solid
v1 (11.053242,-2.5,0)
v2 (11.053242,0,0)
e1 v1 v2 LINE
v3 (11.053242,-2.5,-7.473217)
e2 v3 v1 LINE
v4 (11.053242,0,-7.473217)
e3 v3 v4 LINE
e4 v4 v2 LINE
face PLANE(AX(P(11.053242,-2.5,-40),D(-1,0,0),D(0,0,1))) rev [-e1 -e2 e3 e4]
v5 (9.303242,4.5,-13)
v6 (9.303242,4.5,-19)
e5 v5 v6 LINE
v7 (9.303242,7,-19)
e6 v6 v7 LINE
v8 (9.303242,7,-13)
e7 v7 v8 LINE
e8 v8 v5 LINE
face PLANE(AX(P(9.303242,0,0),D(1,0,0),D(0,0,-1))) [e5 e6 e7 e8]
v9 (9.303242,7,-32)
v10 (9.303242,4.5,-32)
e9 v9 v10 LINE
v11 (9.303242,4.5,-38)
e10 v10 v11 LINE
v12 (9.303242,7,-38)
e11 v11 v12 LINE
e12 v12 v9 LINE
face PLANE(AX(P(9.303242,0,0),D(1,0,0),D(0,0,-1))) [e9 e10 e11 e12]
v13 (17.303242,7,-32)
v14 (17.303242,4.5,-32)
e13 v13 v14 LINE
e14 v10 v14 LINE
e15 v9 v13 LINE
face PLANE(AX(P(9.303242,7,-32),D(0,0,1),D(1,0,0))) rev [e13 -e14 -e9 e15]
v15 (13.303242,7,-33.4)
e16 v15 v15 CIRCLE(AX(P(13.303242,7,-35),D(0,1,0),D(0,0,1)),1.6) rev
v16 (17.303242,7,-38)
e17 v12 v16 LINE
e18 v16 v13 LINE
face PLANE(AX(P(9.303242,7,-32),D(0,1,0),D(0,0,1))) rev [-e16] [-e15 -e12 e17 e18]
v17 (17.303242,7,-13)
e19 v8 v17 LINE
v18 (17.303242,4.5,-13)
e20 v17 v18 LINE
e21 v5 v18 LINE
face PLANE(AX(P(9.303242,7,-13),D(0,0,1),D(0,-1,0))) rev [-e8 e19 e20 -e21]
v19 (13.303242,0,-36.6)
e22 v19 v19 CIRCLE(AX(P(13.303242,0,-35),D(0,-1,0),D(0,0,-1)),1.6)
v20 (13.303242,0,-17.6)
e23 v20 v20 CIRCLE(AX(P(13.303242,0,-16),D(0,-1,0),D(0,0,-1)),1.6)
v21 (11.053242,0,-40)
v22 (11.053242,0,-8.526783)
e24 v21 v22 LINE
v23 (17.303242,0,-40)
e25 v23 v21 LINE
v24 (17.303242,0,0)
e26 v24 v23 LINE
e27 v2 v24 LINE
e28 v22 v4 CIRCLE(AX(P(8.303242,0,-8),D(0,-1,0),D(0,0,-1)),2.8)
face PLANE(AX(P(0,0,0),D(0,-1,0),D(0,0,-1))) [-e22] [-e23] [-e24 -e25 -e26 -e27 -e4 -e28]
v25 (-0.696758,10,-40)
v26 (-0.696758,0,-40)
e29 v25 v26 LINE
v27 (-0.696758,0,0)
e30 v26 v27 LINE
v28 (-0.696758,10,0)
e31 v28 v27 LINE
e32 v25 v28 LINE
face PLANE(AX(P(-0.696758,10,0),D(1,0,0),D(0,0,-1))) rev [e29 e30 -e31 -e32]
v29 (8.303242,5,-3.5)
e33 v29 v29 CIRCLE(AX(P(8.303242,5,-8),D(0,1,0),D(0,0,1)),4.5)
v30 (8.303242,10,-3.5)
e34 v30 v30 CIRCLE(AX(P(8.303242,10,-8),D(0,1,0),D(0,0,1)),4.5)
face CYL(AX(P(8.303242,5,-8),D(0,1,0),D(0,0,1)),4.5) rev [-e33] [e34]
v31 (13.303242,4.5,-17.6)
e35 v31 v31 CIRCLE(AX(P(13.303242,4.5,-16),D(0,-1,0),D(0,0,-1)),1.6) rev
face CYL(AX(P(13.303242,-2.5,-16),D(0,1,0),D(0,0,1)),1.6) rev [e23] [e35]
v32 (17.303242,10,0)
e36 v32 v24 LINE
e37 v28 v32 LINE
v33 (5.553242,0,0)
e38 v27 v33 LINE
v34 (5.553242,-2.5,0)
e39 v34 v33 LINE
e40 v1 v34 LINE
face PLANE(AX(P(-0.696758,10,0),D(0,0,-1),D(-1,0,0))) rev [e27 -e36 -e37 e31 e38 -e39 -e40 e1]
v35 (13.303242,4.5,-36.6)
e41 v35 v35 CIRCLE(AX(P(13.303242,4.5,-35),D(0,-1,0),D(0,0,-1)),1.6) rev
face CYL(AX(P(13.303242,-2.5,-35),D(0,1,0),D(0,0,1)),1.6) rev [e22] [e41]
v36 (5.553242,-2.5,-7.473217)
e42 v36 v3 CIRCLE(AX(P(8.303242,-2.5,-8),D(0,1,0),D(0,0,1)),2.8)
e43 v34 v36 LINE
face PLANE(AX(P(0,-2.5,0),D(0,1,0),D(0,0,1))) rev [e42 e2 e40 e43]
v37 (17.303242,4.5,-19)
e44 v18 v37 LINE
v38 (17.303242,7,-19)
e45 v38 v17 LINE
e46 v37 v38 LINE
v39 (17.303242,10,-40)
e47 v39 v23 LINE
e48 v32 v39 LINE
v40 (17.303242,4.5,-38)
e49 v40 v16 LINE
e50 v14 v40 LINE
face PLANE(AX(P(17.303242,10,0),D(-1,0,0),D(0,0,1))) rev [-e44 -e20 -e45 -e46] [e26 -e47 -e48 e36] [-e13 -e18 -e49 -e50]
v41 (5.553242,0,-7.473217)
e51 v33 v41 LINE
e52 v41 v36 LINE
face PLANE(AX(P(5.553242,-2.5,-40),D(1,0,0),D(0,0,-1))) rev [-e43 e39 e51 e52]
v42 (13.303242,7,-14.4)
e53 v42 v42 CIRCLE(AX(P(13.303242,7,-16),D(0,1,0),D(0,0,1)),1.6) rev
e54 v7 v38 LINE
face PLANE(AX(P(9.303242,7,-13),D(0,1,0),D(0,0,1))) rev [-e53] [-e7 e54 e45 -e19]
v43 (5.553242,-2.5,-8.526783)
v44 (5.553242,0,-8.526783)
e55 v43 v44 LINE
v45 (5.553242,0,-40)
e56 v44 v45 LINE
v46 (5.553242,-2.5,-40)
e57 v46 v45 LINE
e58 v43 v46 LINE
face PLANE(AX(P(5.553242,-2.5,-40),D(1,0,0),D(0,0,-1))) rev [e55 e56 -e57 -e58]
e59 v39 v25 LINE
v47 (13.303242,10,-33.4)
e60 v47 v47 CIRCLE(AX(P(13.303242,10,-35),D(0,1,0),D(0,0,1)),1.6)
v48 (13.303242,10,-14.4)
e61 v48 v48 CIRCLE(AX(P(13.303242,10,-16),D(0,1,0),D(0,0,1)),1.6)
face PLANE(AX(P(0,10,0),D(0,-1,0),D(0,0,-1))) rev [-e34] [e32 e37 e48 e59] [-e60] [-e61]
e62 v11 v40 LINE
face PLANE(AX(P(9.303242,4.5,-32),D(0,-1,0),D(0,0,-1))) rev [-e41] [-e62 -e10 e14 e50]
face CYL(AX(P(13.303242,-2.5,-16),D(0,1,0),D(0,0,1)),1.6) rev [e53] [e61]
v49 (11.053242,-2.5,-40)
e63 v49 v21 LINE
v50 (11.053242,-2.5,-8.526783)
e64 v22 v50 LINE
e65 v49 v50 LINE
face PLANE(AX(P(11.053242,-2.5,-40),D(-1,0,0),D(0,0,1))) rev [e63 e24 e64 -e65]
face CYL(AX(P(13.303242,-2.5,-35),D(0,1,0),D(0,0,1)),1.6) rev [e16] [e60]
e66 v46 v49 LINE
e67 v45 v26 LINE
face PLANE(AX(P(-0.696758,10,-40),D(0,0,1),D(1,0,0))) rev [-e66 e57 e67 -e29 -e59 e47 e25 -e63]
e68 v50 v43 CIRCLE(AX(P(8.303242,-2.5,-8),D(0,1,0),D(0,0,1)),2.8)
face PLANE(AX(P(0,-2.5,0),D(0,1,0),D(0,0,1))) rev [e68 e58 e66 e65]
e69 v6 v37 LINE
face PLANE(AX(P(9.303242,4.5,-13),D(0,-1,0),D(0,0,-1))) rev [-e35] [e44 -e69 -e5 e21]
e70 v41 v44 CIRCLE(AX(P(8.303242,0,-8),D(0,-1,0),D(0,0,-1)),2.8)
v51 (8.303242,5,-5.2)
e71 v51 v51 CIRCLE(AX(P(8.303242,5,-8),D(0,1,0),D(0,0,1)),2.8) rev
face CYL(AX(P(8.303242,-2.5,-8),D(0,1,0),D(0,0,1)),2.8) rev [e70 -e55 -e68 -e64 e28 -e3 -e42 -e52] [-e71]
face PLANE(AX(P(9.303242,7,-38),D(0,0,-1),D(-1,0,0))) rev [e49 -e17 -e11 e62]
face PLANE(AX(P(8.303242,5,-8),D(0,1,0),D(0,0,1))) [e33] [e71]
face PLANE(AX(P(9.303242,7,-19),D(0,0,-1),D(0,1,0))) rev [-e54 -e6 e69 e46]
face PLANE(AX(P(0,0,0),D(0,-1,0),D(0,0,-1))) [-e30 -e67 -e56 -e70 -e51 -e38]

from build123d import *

# Parameters (mm, degrees)
SKETCH1_W           = 18
SKETCH1_H           = 40
BOSS_EXTRUDE1_DEPTH = 10
SKETCH3_W           = 5.5
SKETCH3_H           = 40
BOSS_EXTRUDE5_DEPTH = 2.5
SKETCH2_R           = 2.8
CUT_EXTRUDE1_DEPTH  = 13.5
SKETCH4_R           = 4.5
CUT_EXTRUDE2_DEPTH  = 5
SKETCH5_R           = 1.6
CUT_EXTRUDE3_DEPTH  = 13.5
SKETCH6_W           = 6
SKETCH6_H           = 2.5
CUT_EXTRUDE4_DEPTH  = 8


with BuildPart() as part:
    # Sketch1 → Boss-Extrude1 (new body)
    with BuildSketch(Plane(origin=(0, 0, 0), x_dir=(1, 0, 0), z_dir=(0, 1, 0))):
        with Locations((8.30324178, 20)):
            Rectangle(SKETCH1_W, SKETCH1_H)
    extrude(amount=BOSS_EXTRUDE1_DEPTH)

    # Sketch3 → Boss-Extrude5 (add)
    with BuildSketch(Plane.XZ):
        with Locations((8.30324178, -20)):
            Rectangle(SKETCH3_W, SKETCH3_H)
    extrude(amount=BOSS_EXTRUDE5_DEPTH)

    # Sketch2 → Cut-Extrude1 (cut, through all)
    with BuildSketch(Plane(origin=(0, 10, 0), x_dir=(1, 0, 0), z_dir=(0, 1, 0))):
        with Locations((8.30324178, 8)):
            Circle(SKETCH2_R)
    extrude(amount=-CUT_EXTRUDE1_DEPTH, mode=Mode.SUBTRACT)

    # Sketch4 → Cut-Extrude2 (cut)
    with BuildSketch(Plane(origin=(0, 10, 0), x_dir=(1, 0, 0), z_dir=(0, 1, 0))):
        with Locations((8.30324178, 8)):
            Circle(SKETCH4_R)
    extrude(amount=-CUT_EXTRUDE2_DEPTH, mode=Mode.SUBTRACT)

    # Sketch5 → Cut-Extrude3 (cut, through all)
    with BuildSketch(Plane(origin=(0, 10, 0), x_dir=(1, 0, 0), z_dir=(0, 1, 0))):
        with Locations((13.30324178, 16)):
            Circle(SKETCH5_R)
        with Locations((13.30324178, 35)):
            Circle(SKETCH5_R)
    extrude(amount=-CUT_EXTRUDE3_DEPTH, mode=Mode.SUBTRACT)

    # Sketch6 → Cut-Extrude4 (cut)
    with BuildSketch(Plane(origin=(17.30324178, 0, 0), x_dir=(0, 0, -1), z_dir=(1, 0, 0))):
        with Locations((16, 5.75)):
            Rectangle(SKETCH6_W, SKETCH6_H)
        with Locations((35, 5.75)):
            Rectangle(SKETCH6_W, SKETCH6_H)
    extrude(amount=-CUT_EXTRUDE4_DEPTH, mode=Mode.SUBTRACT)


solid = part.part
